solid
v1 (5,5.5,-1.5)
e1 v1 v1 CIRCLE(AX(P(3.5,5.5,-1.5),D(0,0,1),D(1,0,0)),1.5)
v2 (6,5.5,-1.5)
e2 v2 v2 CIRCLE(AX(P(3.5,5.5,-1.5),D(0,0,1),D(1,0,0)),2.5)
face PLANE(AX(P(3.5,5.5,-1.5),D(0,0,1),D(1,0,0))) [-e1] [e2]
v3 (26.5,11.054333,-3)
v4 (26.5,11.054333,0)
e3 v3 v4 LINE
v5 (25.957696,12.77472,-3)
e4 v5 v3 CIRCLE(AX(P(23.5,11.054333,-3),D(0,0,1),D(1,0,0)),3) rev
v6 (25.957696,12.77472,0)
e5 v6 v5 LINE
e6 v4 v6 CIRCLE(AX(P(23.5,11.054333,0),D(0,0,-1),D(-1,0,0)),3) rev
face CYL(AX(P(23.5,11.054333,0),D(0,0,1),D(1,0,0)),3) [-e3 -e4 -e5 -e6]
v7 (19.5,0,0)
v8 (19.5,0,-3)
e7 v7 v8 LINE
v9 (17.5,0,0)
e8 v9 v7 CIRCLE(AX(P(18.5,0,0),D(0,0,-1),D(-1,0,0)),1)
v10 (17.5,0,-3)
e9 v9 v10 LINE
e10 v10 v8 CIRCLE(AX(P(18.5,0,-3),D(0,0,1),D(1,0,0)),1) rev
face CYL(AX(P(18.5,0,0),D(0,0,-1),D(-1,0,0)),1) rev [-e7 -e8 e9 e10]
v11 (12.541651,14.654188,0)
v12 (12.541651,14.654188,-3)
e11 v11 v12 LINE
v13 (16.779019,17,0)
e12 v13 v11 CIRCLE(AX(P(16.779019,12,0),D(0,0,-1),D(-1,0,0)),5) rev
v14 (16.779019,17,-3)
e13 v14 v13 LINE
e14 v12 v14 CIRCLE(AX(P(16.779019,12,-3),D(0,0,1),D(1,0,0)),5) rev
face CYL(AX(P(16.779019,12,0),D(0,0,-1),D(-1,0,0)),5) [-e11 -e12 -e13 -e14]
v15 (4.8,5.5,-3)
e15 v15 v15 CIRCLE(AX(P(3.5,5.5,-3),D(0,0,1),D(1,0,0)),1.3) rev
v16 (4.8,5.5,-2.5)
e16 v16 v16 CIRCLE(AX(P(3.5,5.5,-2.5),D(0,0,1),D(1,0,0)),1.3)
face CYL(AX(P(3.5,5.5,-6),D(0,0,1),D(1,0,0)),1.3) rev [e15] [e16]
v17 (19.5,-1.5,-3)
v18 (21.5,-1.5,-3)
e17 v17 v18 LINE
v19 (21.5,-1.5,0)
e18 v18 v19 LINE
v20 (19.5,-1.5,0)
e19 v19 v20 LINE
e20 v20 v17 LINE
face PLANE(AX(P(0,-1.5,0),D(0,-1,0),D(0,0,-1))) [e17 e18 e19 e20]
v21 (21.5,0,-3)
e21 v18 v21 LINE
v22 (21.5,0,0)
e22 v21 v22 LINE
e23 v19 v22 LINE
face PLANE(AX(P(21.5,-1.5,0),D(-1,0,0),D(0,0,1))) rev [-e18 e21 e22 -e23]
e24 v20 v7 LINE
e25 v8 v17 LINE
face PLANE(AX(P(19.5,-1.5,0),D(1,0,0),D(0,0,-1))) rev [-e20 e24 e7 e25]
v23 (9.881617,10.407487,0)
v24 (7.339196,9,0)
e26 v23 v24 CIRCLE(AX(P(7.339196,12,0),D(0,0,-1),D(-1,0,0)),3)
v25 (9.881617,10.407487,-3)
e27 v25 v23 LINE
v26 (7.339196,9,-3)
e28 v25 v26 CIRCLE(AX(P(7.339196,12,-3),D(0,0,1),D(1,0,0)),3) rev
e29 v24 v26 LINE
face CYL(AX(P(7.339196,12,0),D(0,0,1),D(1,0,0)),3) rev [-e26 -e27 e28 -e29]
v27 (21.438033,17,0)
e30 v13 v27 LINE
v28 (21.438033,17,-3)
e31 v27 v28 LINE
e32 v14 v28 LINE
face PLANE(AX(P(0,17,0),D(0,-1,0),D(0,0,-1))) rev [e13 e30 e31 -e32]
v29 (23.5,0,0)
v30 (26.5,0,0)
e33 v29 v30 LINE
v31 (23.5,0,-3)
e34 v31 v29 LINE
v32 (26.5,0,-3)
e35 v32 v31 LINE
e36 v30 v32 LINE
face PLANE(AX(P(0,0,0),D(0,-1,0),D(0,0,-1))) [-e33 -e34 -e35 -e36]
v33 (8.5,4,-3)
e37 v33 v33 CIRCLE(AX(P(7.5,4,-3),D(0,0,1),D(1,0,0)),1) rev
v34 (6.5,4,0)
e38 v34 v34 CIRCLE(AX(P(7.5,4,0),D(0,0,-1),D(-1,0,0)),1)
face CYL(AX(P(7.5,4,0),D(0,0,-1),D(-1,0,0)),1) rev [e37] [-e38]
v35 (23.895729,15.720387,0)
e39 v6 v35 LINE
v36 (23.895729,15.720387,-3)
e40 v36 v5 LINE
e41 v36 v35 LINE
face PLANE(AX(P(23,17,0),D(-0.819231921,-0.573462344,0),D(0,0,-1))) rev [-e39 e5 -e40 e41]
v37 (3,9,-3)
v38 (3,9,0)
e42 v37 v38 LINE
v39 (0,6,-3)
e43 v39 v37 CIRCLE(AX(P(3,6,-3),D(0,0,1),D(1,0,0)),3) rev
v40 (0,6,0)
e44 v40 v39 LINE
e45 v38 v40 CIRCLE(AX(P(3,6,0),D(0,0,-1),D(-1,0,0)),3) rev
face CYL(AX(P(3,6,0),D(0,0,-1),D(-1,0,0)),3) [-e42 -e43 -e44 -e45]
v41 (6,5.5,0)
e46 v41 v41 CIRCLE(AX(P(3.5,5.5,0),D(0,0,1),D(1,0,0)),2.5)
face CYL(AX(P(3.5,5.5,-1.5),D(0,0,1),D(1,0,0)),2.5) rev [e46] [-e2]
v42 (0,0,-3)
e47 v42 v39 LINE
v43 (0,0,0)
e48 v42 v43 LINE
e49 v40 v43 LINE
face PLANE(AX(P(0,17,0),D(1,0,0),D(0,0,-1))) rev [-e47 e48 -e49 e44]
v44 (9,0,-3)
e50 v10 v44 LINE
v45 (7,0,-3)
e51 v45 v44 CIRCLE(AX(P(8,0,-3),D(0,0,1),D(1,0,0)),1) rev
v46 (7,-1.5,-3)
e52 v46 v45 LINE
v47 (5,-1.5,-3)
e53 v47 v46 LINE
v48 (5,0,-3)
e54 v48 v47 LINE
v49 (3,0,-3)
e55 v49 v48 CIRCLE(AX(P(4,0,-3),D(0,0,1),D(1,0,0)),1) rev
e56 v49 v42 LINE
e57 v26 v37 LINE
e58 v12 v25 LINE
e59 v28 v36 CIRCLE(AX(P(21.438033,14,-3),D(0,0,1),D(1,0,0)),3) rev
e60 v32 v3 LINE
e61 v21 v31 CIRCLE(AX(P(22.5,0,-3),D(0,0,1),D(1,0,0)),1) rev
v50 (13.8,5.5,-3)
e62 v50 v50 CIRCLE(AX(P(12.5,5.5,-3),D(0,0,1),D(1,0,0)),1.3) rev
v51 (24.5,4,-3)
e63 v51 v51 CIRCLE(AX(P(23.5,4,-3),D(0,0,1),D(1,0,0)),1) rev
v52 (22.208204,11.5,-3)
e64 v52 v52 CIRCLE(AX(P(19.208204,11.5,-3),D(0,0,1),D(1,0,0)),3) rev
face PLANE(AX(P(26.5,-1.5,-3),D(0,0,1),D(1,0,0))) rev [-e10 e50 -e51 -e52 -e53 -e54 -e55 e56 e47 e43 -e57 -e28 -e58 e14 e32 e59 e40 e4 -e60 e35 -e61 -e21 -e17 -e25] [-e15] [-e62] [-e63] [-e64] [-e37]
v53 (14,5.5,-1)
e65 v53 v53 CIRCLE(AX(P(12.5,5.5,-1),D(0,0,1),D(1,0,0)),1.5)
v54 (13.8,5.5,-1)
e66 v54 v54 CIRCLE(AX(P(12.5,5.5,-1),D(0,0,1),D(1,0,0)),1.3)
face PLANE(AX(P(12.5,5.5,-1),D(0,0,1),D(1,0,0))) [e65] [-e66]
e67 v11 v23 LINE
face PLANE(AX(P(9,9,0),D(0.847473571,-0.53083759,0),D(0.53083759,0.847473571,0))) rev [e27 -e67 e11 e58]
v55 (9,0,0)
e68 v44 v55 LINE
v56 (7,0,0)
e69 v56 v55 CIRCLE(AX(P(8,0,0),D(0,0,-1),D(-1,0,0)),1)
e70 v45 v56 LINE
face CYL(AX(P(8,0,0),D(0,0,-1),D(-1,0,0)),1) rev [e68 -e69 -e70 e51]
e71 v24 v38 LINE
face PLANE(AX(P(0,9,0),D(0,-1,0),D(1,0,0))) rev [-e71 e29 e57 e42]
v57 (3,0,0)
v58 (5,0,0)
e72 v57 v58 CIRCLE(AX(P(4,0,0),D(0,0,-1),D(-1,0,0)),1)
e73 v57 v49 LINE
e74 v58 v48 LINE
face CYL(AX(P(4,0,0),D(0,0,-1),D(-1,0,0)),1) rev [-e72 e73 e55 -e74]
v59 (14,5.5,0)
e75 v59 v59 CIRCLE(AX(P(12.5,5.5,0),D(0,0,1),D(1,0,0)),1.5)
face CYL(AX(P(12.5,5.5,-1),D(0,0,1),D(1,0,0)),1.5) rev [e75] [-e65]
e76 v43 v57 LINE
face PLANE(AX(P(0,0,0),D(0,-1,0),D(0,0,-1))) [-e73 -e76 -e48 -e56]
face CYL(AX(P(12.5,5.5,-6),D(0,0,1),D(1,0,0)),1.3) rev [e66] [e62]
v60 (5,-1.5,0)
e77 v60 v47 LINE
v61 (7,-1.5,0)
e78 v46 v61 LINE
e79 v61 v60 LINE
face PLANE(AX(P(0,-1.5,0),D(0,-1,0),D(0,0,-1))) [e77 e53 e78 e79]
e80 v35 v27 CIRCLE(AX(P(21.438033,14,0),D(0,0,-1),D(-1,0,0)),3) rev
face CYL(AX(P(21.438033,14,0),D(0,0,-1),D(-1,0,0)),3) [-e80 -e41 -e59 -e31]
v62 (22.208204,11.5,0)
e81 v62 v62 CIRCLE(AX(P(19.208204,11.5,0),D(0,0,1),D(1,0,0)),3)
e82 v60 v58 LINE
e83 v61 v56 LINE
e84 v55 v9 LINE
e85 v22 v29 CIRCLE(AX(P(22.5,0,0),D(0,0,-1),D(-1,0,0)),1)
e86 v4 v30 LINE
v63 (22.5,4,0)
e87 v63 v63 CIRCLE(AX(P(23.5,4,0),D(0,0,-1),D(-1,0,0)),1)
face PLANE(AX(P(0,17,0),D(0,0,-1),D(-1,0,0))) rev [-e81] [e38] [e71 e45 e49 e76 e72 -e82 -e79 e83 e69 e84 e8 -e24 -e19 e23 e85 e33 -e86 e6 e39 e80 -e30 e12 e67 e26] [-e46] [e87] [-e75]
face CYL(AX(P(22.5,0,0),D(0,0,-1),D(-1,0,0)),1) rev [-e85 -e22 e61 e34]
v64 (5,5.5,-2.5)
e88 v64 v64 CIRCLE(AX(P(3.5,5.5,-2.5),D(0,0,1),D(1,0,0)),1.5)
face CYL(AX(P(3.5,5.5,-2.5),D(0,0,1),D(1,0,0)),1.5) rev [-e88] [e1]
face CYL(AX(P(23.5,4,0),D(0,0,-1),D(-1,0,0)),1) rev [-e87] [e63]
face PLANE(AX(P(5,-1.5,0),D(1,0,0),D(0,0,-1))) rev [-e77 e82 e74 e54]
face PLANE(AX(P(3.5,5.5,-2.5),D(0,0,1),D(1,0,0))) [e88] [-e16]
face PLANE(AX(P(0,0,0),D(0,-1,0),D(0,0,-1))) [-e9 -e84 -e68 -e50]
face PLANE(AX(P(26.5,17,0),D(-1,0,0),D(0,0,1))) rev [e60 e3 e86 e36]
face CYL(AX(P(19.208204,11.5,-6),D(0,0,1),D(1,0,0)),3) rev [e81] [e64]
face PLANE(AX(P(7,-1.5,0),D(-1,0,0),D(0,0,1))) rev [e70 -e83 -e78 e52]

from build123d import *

# Parameters (mm, degrees)
SKETCH1_W                            = 26.5
SKETCH1_H                            = 6
BOSS_EXTRUDE1_DEPTH                  = 17
SKETCH2_R                            = 1.5
CUT_EXTRUDE1_DEPTH                   = 1
SKETCH3_R                            = 1.3
CUT_EXTRUDE2_DEPTH                   = 32.878676259
SKETCH4_R                            = 3
CUT_EXTRUDE3_DEPTH                   = 33.050741021
SKETCH5_R                            = 2.5
CUT_EXTRUDE4_DEPTH                   = 1.5
SKETCH6_R                            = 1.5
CUT_EXTRUDE8_DEPTH                   = 1
SKETCH7_R                            = 1.3
CUT_EXTRUDE9_DEPTH                   = 32.678068123
CUT_EXTRUDE10_START                  = -1
SKETCH8_R                            = 2.5
CUT_EXTRUDE10_DEPTH                  = 1
CUT_EXTRUDE11_START                  = -1
SKETCH9_R                            = 1.5
CUT_EXTRUDE11_DEPTH                  = 1
SKETCH10_R                           = 5.5
SKETCH10_R_2                         = 3
BOSS_EXTRUDE2_DEPTH                  = 3.5
SKETCH11_R                           = 3
SKETCH11_R_2                         = 1.3
BOSS_EXTRUDE4_DEPTH                  = 2
CUT_EXTRUDE12_START                  = -1
SKETCH12_R                           = 1.5
CUT_EXTRUDE12_DEPTH                  = 1
SKETCH17_W                           = 2
SKETCH17_H                           = 6
BOSS_EXTRUDE6_DEPTH                  = 1.5
SKETCH18_R                           = 1
CUT_EXTRUDE17_DEPTH                  = 33.050741021
CHAMFER2_SIZE                        = 5
CHAMFER2_SIZE2                       = 3.5
FILLET11_R                           = 3
BOSS_EXTRUDE7_DEPTH                  = 2
CUT_EXTRUDE19_DEPTH                  = 33.050741021
FILLET13_R                           = 5
FILLET14_R                           = 3
FILLET15_R                           = 3
SKIZZE1_R                            = 1
SCHNITT_LINEAR_AUSTRAGEN1_DEPTH      = 33.050741021
SCHNITT_LINEAR_AUSTRAGEN2_DEPTH      = 31.409702399
SCHNITT_LINEAR_AUSTRAGEN2_DEPTH_BACK = 31.409702399
SKIZZE2_W                            = 26.5
SKIZZE2_H                            = 6.5


with BuildPart() as part:
    # Sketch1 → Boss-Extrude1 (new body)
    with BuildSketch(Plane(origin=(0, 0, 0), x_dir=(1, 0, 0), z_dir=(0, 1, 0))):
        with Locations((13.25, 3)):
            Rectangle(SKETCH1_W, SKETCH1_H)
    extrude(amount=BOSS_EXTRUDE1_DEPTH)

    # Sketch2 → Cut-Extrude1 (cut)
    with BuildSketch(Plane.XY):
        with Locations((12.5, 5.5)):
            Circle(SKETCH2_R)
    extrude(amount=-CUT_EXTRUDE1_DEPTH, mode=Mode.SUBTRACT)

    # Sketch3 → Cut-Extrude2 (cut, through all)
    with BuildSketch(Plane.XY.offset(-1)):
        with Locations((12.5, 5.5)):
            Circle(SKETCH3_R)
    extrude(amount=-CUT_EXTRUDE2_DEPTH, mode=Mode.SUBTRACT)

    # Sketch4 → Cut-Extrude3 (cut, through all)
    with BuildSketch(Plane.XY):
        with Locations((19.208203932, 11.5)):
            Circle(SKETCH4_R)
    extrude(amount=-CUT_EXTRUDE3_DEPTH, mode=Mode.SUBTRACT)

    # Sketch5 → Cut-Extrude4 (cut)
    with BuildSketch(Plane.XY):
        with Locations((3.5, 5.5)):
            Circle(SKETCH5_R)
    extrude(amount=-CUT_EXTRUDE4_DEPTH, mode=Mode.SUBTRACT)

    # Sketch6 → Cut-Extrude8 (cut)
    with BuildSketch(Plane.XY.offset(-1.5)):
        with Locations((3.5, 5.5)):
            Circle(SKETCH6_R)
    extrude(amount=-CUT_EXTRUDE8_DEPTH, mode=Mode.SUBTRACT)

    # Sketch7 → Cut-Extrude9 (cut, through all)
    with BuildSketch(Plane.XY.offset(-2.5)):
        with Locations((3.5, 5.5)):
            Circle(SKETCH7_R)
    extrude(amount=-CUT_EXTRUDE9_DEPTH, mode=Mode.SUBTRACT)

    # Sketch8 → Cut-Extrude10 (cut)
    with BuildSketch(Plane(origin=(0, 0, -6), x_dir=(-1, 0, 0), z_dir=(0, 0, -1)).offset(CUT_EXTRUDE10_START)):
        with Locations(Location((-3.5, 5.5, 0), (0, 0, 180))):
            Circle(SKETCH8_R)
    extrude(amount=CUT_EXTRUDE10_DEPTH, mode=Mode.SUBTRACT)

    # Sketch9 → Cut-Extrude11 (cut)
    with BuildSketch(Plane(origin=(0, 0, -5), x_dir=(-1, 0, 0), z_dir=(0, 0, -1)).offset(CUT_EXTRUDE11_START)):
        with Locations(Location((-3.5, 5.5, 0), (0, 0, 180))):
            Circle(SKETCH9_R)
    extrude(amount=CUT_EXTRUDE11_DEPTH, mode=Mode.SUBTRACT)

    # Sketch10 → Boss-Extrude2 (add)
    with BuildSketch(Plane(origin=(0, 0, -6), x_dir=(-1, 0, 0), z_dir=(0, 0, -1))):
        with Locations(Location((-19.208203932, 11.5, 0), (0, 0, 90))):
            Circle(SKETCH10_R)
        with Locations(Location((-19.208203932, 11.5, 0), (0, 0, 180))):
            Circle(SKETCH10_R_2, mode=Mode.SUBTRACT)
    extrude(amount=BOSS_EXTRUDE2_DEPTH)

    # Sketch11 → Boss-Extrude4 (add)
    with BuildSketch(Plane(origin=(0, 0, -6), x_dir=(-1, 0, 0), z_dir=(0, 0, -1))):
        with Locations(Location((-12.5, 5.5, 0), (0, 0, 180))):
            Circle(SKETCH11_R)
        with Locations(Location((-12.5, 5.5, 0), (0, 0, 180))):
            Circle(SKETCH11_R_2, mode=Mode.SUBTRACT)
    extrude(amount=BOSS_EXTRUDE4_DEPTH)

    # Sketch12 → Cut-Extrude12 (cut)
    with BuildSketch(Plane(origin=(0, 0, -8), x_dir=(-1, 0, 0), z_dir=(0, 0, -1)).offset(CUT_EXTRUDE12_START)):
        with Locations(Location((-12.5, 5.5, 0), (0, 0, 180))):
            Circle(SKETCH12_R)
    extrude(amount=CUT_EXTRUDE12_DEPTH, mode=Mode.SUBTRACT)

    # Sketch17 → Boss-Extrude6 (add)
    with BuildSketch(Plane.XZ):
        with Locations((6, -3)):
            Rectangle(SKETCH17_W, SKETCH17_H)
        with Locations((20.5, -3)):
            Rectangle(SKETCH17_W, SKETCH17_H)
    extrude(amount=BOSS_EXTRUDE6_DEPTH)

    # Sketch18 → Cut-Extrude17 (cut, through all)
    with BuildSketch(Plane(origin=(0, 0, -6), x_dir=(-1, 0, 0), z_dir=(0, 0, -1))):
        with Locations((-22.5, 0)):
            Circle(SKETCH18_R)
        with Locations((-18.5, 0)):
            Circle(SKETCH18_R)
        with Locations((-8, 0)):
            Circle(SKETCH18_R)
        with Locations((-4, 0)):
            Circle(SKETCH18_R)
    extrude(amount=-CUT_EXTRUDE17_DEPTH, mode=Mode.SUBTRACT)

    # Chamfer2
    chamfer2_edges = [part.edges().sort_by_distance(p)[0] for p in [
        (26.5, 17, -3),
    ]]
    chamfer2_side = [part.faces().sort_by_distance(p)[0] for p in [
        (26.5, 8.5, -3),
    ]]
    chamfer(chamfer2_edges, length=CHAMFER2_SIZE, length2=CHAMFER2_SIZE2, reference=chamfer2_side[0])

    # Fillet11
    fillet11_edges = [part.edges().sort_by_distance(p)[0] for p in [
        (23, 17, -3),
        (26.5, 12, -3),
    ]]
    fillet(fillet11_edges, radius=FILLET11_R)

    # Sketch19 → Boss-Extrude7 (add)
    with BuildSketch(Plane(origin=(0, 0, -6), x_dir=(-1, 0, 0), z_dir=(0, 0, -1))):
        with BuildLine():
            Line((-14.547099294, 14.419606745), (-9.957579288, 7.09251277))
            ThreePointArc((-9.957579288, 7.09251277), (-14.736067977, 7.5), (-13.800160725, 2.796376119))
            Line((-13.800160725, 2.796376119), (-21.591831928, 6.543356218))
            ThreePointArc((-21.591831928, 6.543356218), (-15.108745974, 7.833333333), (-14.547099294, 14.419606745))
        make_face()
    extrude(amount=BOSS_EXTRUDE7_DEPTH)

    # Sketch20 → Cut-Extrude19 (cut, through all)
    with BuildSketch(Plane(origin=(0, 0, -6), x_dir=(-1, 0, 0), z_dir=(0, 0, -1))):
        Polygon((0, 17), (-14.011012575, 17), (-9, 9), (0, 9), align=None)
    extrude(amount=-CUT_EXTRUDE19_DEPTH, mode=Mode.SUBTRACT)

    # Fillet13
    fillet13_edges = [part.edges().sort_by_distance(p)[0] for p in [
        (14.011012575, 17, -3),
    ]]
    fillet(fillet13_edges, radius=FILLET13_R)

    # Fillet14
    fillet14_edges = [part.edges().sort_by_distance(p)[0] for p in [
        (9, 9, -3),
    ]]
    fillet(fillet14_edges, radius=FILLET14_R)

    # Fillet15
    fillet15_edges = [part.edges().sort_by_distance(p)[0] for p in [
        (0, 9, -3),
    ]]
    fillet(fillet15_edges, radius=FILLET15_R)

    # Skizze1 → Schnitt-Linear austragen1 (cut, through all)
    with BuildSketch(Plane(origin=(0, 0, -6), x_dir=(-1, 0, 0), z_dir=(0, 0, -1))):
        with Locations((-23.5, 4)):
            Circle(SKIZZE1_R)
        with Locations((-7.5, 4)):
            Circle(SKIZZE1_R)
    extrude(amount=-SCHNITT_LINEAR_AUSTRAGEN1_DEPTH, mode=Mode.SUBTRACT)

    # Skizze2 → Schnitt-Linear austragen2 (cut, two sides: drawn at the far end of the back side and taken through both)
    with BuildSketch(Plane(origin=(0, 5.5, 0), x_dir=(1, 0, 0), z_dir=(0, 1, 0)).offset(-SCHNITT_LINEAR_AUSTRAGEN2_DEPTH_BACK)):
        with Locations((13.25, 6.25)):
            Rectangle(SKIZZE2_W, SKIZZE2_H)
    extrude(amount=SCHNITT_LINEAR_AUSTRAGEN2_DEPTH + SCHNITT_LINEAR_AUSTRAGEN2_DEPTH_BACK, mode=Mode.SUBTRACT)


solid = part.part
